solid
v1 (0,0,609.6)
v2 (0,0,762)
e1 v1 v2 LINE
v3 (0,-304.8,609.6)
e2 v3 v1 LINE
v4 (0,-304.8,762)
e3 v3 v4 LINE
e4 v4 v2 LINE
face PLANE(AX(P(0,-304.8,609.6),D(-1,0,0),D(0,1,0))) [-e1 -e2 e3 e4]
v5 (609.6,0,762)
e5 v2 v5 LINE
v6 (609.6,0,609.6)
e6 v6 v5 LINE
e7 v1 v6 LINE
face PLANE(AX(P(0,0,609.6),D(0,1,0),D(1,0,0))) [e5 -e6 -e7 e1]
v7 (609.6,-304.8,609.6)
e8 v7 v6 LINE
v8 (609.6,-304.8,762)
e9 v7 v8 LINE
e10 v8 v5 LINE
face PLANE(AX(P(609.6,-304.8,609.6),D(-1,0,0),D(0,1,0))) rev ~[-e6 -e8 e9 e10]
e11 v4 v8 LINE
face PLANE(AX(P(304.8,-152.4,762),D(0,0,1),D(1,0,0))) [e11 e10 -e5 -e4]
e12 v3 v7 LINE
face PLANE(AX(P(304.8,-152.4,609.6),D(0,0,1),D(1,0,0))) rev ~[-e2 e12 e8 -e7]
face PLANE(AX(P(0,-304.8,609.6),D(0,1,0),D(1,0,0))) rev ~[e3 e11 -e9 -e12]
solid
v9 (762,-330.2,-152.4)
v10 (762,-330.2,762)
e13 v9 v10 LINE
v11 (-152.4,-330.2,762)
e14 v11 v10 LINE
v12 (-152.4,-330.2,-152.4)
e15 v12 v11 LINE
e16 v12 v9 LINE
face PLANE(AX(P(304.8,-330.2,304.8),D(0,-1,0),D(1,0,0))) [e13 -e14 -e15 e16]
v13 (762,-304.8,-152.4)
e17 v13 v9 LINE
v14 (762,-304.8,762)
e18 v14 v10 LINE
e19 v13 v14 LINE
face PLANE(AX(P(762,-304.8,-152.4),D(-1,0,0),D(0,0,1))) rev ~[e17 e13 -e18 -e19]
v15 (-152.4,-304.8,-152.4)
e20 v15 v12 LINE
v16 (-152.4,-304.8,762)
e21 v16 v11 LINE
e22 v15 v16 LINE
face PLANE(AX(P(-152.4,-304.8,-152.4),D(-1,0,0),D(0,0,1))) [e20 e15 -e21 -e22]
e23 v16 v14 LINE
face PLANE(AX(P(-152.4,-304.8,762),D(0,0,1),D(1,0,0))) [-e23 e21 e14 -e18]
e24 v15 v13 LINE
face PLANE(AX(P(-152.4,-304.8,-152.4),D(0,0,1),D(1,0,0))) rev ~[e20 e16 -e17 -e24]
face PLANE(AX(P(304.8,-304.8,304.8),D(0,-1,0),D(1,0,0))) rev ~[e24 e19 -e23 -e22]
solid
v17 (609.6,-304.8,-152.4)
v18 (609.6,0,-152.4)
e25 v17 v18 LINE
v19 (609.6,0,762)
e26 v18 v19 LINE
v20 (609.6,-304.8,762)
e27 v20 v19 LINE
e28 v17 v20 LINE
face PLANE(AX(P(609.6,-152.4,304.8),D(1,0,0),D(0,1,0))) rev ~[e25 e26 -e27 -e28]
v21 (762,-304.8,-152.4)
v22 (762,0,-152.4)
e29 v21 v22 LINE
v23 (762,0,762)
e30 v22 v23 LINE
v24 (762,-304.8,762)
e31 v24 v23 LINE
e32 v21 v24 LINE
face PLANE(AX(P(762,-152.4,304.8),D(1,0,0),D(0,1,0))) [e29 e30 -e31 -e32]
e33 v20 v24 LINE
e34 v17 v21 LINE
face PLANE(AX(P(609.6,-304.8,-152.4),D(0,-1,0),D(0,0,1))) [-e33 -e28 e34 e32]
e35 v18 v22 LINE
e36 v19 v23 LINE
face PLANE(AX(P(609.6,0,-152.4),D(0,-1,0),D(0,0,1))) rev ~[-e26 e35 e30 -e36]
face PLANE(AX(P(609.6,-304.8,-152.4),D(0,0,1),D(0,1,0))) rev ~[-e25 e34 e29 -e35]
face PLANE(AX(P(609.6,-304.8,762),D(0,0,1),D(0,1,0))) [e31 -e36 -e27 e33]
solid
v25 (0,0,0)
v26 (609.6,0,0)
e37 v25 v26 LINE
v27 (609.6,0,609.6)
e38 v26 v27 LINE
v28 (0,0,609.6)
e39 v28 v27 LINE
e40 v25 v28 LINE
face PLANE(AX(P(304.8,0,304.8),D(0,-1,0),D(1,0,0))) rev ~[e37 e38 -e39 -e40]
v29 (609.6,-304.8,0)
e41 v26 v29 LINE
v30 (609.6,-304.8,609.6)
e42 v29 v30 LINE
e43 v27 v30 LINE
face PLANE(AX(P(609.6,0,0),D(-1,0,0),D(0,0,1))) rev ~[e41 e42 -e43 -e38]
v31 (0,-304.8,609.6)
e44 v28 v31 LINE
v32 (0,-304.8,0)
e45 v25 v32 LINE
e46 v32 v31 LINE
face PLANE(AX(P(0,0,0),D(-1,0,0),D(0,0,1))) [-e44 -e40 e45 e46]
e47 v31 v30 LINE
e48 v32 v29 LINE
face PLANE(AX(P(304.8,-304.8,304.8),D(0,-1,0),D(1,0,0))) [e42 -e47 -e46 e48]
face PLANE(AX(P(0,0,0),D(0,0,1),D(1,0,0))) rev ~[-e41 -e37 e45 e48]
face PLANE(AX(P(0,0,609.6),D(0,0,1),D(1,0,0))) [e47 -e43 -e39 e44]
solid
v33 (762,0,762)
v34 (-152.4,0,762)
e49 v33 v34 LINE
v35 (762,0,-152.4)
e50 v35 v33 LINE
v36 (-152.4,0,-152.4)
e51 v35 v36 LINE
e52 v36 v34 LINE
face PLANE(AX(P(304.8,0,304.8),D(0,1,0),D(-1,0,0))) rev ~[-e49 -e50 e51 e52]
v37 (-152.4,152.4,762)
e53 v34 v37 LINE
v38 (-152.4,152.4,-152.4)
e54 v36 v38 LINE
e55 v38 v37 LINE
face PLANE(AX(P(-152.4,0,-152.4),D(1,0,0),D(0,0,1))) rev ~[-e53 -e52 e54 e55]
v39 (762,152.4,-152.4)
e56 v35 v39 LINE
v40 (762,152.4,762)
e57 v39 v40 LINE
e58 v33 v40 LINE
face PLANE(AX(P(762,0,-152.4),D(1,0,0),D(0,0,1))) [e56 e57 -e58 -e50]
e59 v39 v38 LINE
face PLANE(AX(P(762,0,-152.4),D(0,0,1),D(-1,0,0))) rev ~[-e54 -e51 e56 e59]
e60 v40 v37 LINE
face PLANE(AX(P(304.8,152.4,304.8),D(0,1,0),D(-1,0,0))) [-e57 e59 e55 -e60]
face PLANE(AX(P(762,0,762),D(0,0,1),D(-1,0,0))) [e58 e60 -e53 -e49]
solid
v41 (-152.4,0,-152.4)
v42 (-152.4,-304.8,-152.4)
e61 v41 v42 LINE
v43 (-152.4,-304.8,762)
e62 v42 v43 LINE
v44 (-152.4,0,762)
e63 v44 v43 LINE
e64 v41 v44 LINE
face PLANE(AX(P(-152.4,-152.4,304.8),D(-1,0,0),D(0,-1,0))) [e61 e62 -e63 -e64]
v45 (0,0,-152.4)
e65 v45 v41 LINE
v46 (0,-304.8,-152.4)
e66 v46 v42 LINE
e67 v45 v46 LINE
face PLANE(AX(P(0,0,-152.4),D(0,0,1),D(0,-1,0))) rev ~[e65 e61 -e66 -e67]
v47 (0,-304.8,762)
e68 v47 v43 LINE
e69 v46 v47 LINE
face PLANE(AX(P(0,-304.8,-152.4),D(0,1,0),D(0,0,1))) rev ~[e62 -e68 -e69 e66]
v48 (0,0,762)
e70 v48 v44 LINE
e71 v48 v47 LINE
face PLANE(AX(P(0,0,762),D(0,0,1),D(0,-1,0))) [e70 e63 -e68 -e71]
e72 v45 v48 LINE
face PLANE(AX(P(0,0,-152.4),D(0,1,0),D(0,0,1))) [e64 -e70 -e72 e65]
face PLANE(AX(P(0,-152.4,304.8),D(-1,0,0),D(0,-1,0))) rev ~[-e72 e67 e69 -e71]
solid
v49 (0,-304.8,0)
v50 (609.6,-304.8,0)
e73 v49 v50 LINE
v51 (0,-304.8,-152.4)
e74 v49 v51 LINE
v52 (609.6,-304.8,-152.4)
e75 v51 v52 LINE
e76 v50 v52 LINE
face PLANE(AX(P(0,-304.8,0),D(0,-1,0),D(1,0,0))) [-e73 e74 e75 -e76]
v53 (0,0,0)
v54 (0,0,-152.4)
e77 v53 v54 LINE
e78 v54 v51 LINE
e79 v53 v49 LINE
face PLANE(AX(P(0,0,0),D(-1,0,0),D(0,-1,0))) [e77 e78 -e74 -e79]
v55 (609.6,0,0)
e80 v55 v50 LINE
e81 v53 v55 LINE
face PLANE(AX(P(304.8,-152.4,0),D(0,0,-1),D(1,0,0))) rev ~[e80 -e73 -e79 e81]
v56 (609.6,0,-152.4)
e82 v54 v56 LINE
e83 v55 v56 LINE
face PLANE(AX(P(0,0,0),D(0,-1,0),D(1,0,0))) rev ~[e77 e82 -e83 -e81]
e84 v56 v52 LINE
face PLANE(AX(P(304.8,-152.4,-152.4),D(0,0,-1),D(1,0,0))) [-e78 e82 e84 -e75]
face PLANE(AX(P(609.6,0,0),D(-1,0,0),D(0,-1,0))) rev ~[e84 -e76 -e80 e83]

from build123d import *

# Parameters (mm, degrees)
F0_W      = 609.6
F0_H      = 609.6
F1_DEPTH  = 304.8
F2_W      = 609.6
F2_H      = 304.8
F3_DEPTH  = 152.4
F4_W      = 609.6
F4_H      = 304.8
F5_DEPTH  = 152.4
F6_W      = 304.8
F6_H      = 914.4
F7_DEPTH  = 152.4
F8_W      = 304.8
F8_H      = 914.4
F9_DEPTH  = 152.4
F10_W     = 914.4
F10_H     = 914.4
F11_DEPTH = 152.4
F12_W     = 914.4
F12_H     = 914.4
F13_DEPTH = 25.4


with BuildPart() as f1:
    # F0 (on Front) → F1 (new body)
    with BuildSketch(Plane.XZ):
        with Locations((304.8, 304.8)):
            Rectangle(F0_W, F0_H)
    extrude(amount=F1_DEPTH)


with BuildPart() as f3:
    # F2 (on face) → F3 (new body)
    with BuildSketch(Plane.XY.offset(609.6)):
        with Locations((304.8, -152.4)):
            Rectangle(F2_W, F2_H)
    extrude(amount=F3_DEPTH)


with BuildPart() as f5:
    # F4 (on face) → F5 (new body)
    with BuildSketch(Plane(origin=(0, 0, 0), x_dir=(1, 0, 0), z_dir=(0, 0, -1))):
        with Locations((304.8, 152.4)):
            Rectangle(F4_W, F4_H)
    extrude(amount=F5_DEPTH)


with BuildPart() as f7:
    # F6 (on face) → F7 (new body)
    with BuildSketch(Plane(origin=(0, 0, 0), x_dir=(0, -1, 0), z_dir=(-1, 0, 0))):
        with Locations((152.4, 304.8)):
            Rectangle(F6_W, F6_H)
    extrude(amount=F7_DEPTH)


with BuildPart() as f9:
    # F8 (on face) → F9 (new body)
    with BuildSketch(Plane.YZ.offset(609.6)):
        with Locations((-152.4, 304.8)):
            Rectangle(F8_W, F8_H)
    extrude(amount=F9_DEPTH)


with BuildPart() as f11:
    # F10 (on face) → F11 (new body)
    with BuildSketch(Plane(origin=(0, 0, 0), x_dir=(-1, 0, 0), z_dir=(0, 1, 0))):
        with Locations((-304.8, 304.8)):
            Rectangle(F10_W, F10_H)
    extrude(amount=F11_DEPTH)


with BuildPart() as f13:
    # F12 (on face) → F13 (new body)
    with BuildSketch(Plane.XZ.offset(304.8)):
        with Locations((304.8, 304.8)):
            Rectangle(F12_W, F12_H)
    extrude(amount=F13_DEPTH)


solid = Compound([f1.part, f3.part, f5.part, f7.part, f9.part, f11.part, f13.part])
